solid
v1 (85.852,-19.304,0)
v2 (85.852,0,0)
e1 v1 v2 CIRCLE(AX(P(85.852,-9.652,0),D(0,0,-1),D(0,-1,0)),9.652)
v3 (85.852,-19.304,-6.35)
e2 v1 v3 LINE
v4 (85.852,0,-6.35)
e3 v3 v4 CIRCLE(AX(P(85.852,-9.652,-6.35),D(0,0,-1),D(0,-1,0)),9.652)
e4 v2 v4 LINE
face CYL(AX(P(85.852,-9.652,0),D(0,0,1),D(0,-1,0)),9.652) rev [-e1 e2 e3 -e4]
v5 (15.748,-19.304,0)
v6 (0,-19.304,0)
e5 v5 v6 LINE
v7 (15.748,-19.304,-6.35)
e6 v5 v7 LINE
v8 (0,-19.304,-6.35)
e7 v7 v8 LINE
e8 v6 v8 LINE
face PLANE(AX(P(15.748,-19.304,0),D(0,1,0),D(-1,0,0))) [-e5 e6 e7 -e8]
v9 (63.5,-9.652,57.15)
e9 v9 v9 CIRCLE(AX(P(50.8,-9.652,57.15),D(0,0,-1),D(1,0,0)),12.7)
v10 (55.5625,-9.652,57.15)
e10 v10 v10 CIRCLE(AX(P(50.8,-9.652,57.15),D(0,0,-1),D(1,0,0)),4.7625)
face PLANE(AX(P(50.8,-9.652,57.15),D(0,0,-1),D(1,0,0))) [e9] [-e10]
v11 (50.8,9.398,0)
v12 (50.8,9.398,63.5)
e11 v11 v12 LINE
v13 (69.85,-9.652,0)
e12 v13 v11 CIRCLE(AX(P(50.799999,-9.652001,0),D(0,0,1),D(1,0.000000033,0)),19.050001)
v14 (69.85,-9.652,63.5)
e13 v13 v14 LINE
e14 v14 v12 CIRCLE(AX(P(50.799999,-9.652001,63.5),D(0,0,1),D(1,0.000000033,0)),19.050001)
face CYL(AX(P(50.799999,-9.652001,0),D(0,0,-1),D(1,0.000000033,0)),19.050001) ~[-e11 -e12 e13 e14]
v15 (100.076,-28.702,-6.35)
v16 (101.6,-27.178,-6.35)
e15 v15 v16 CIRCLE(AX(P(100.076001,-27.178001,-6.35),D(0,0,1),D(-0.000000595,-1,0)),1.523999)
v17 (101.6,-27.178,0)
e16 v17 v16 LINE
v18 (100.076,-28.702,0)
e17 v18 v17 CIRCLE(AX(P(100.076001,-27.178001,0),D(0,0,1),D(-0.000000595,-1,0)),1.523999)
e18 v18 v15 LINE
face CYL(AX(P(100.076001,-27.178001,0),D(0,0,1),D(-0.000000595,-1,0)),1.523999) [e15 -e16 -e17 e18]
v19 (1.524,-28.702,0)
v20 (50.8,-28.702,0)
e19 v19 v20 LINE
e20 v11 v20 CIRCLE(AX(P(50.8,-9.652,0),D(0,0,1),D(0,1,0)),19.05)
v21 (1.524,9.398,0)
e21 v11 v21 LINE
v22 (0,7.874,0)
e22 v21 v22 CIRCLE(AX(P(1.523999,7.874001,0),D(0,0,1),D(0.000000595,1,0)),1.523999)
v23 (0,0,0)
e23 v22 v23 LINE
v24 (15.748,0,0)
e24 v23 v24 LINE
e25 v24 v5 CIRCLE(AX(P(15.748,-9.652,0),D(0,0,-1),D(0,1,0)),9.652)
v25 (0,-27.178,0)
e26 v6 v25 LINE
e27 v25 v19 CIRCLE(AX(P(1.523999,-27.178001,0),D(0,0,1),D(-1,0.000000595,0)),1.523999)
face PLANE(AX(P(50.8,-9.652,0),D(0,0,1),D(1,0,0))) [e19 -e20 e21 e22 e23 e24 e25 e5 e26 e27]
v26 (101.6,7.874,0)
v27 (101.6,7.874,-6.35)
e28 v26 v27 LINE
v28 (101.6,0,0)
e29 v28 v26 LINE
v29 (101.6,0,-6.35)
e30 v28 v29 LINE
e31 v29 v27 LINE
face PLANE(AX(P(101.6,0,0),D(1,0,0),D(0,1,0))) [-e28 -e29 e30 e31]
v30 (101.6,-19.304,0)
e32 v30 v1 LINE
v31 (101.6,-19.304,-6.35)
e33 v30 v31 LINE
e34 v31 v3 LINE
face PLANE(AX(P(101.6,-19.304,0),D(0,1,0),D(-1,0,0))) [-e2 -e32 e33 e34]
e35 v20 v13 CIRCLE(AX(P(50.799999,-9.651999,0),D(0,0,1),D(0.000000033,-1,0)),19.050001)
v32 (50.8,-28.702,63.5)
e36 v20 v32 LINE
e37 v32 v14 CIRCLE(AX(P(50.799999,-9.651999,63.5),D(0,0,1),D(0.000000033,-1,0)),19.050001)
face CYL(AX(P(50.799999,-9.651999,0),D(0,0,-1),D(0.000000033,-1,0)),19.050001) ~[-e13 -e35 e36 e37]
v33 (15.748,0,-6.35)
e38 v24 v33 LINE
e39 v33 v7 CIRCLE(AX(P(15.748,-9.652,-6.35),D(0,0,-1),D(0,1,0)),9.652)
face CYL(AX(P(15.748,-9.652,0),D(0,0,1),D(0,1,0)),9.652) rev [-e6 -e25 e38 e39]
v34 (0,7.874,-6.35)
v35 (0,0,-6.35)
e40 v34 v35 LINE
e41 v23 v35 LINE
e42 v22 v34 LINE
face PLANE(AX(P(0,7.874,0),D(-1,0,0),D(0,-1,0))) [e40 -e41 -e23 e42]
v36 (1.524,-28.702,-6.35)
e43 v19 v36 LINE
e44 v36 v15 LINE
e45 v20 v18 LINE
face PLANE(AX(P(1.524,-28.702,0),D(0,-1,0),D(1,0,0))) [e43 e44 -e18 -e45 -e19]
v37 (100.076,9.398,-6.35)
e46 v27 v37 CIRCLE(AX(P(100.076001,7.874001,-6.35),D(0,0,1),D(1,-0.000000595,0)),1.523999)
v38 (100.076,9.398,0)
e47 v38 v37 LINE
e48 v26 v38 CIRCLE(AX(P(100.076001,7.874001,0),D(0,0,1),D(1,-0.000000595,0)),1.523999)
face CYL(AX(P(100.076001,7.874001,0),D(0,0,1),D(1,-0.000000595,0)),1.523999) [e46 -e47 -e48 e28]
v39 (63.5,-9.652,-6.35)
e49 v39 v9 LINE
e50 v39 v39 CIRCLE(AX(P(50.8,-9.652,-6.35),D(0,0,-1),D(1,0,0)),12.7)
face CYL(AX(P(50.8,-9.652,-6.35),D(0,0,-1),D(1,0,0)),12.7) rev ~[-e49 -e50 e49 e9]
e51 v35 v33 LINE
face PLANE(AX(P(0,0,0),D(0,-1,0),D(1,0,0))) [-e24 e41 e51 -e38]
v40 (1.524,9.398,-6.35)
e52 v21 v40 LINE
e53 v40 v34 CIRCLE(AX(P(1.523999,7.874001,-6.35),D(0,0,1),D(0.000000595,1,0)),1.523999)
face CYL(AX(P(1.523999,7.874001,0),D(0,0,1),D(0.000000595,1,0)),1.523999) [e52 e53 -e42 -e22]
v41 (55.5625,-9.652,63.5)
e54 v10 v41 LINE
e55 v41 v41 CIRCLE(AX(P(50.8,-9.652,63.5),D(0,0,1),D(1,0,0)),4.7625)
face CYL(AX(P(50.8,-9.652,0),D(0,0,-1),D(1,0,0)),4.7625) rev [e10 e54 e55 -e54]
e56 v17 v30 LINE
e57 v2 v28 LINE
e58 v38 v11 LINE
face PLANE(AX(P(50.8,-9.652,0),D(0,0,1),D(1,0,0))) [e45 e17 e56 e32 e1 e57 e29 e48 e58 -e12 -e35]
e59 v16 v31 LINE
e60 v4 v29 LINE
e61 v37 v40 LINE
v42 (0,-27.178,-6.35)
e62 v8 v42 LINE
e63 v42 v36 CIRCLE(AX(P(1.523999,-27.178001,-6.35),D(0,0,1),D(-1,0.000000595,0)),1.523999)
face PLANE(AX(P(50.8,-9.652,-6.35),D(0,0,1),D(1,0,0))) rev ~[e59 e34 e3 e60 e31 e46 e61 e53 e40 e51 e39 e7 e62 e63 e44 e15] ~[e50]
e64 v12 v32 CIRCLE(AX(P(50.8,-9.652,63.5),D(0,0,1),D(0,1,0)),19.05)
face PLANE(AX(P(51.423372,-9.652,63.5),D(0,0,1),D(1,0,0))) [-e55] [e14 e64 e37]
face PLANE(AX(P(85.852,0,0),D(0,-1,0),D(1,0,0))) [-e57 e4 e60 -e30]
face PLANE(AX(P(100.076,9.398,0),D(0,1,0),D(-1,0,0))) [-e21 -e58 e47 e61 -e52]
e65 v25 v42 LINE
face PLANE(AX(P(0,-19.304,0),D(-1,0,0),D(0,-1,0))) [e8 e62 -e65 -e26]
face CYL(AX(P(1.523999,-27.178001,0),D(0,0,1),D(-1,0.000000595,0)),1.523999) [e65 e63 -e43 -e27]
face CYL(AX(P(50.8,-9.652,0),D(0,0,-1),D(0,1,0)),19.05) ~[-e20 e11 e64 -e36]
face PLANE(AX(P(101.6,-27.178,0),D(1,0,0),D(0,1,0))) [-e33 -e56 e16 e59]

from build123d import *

# Parameters (mm, degrees)
F1_DEPTH = 6.35
F2_R     = 4.7625
F3_DEPTH = 63.5
F4_R     = 12.7
F5_DEPTH = 63.5


with BuildPart() as f1:
    # F0 (on Top) → F1 (new body)
    with BuildSketch(Plane.XY):
        with BuildLine():
            Line((0, 7.874), (0, 0))
            Line((0, 0), (15.748, 0))
            ThreePointArc((15.748, 0), (25.4, -9.652), (15.748, -19.304))
            Line((15.748, -19.304), (0, -19.304))
            Line((0, -19.304), (0, -27.178))
            ThreePointArc((0, -27.178), (0.446369, -28.255631), (1.524, -28.702))
            Line((1.524, -28.702), (100.076, -28.702))
            ThreePointArc((100.076, -28.702), (101.153631, -28.255631), (101.6, -27.178))
            Line((101.6, -27.178), (101.6, -19.304))
            Line((101.6, -19.304), (85.852, -19.304))
            ThreePointArc((85.852, -19.304), (76.2, -9.652), (85.852, 0))
            Line((85.852, 0), (101.6, 0))
            Line((101.6, 0), (101.6, 7.874))
            ThreePointArc((101.6, 7.874), (101.153631, 8.951631), (100.076, 9.398))
            Line((100.076, 9.398), (1.524, 9.398))
            ThreePointArc((1.524, 9.398), (0.446369, 8.951631), (0, 7.874))
        make_face()
    extrude(amount=-F1_DEPTH)

    # F2 (on face) → F3 (join)
    with BuildSketch(Plane.XY):
        with BuildLine():
            ThreePointArc((50.8, -28.702), (64.270384, -23.122384), (69.85, -9.652))
            ThreePointArc((69.85, -9.652), (64.270384, 3.818384), (50.8, 9.398))
            ThreePointArc((50.8, 9.398), (31.75, -9.652), (50.8, -28.702))
        make_face()
        with Locations((50.8, -9.652)):
            Circle(F2_R, mode=Mode.SUBTRACT)
    extrude(amount=F3_DEPTH)

    # F4 (on face) → F5 (cut)
    with BuildSketch(Plane(origin=(0, 0, -6.35), x_dir=(1, 0, 0), z_dir=(0, 0, -1))):
        with Locations((50.8, 9.652)):
            Circle(F4_R)
    extrude(amount=-F5_DEPTH, mode=Mode.SUBTRACT)


solid = f1.part
